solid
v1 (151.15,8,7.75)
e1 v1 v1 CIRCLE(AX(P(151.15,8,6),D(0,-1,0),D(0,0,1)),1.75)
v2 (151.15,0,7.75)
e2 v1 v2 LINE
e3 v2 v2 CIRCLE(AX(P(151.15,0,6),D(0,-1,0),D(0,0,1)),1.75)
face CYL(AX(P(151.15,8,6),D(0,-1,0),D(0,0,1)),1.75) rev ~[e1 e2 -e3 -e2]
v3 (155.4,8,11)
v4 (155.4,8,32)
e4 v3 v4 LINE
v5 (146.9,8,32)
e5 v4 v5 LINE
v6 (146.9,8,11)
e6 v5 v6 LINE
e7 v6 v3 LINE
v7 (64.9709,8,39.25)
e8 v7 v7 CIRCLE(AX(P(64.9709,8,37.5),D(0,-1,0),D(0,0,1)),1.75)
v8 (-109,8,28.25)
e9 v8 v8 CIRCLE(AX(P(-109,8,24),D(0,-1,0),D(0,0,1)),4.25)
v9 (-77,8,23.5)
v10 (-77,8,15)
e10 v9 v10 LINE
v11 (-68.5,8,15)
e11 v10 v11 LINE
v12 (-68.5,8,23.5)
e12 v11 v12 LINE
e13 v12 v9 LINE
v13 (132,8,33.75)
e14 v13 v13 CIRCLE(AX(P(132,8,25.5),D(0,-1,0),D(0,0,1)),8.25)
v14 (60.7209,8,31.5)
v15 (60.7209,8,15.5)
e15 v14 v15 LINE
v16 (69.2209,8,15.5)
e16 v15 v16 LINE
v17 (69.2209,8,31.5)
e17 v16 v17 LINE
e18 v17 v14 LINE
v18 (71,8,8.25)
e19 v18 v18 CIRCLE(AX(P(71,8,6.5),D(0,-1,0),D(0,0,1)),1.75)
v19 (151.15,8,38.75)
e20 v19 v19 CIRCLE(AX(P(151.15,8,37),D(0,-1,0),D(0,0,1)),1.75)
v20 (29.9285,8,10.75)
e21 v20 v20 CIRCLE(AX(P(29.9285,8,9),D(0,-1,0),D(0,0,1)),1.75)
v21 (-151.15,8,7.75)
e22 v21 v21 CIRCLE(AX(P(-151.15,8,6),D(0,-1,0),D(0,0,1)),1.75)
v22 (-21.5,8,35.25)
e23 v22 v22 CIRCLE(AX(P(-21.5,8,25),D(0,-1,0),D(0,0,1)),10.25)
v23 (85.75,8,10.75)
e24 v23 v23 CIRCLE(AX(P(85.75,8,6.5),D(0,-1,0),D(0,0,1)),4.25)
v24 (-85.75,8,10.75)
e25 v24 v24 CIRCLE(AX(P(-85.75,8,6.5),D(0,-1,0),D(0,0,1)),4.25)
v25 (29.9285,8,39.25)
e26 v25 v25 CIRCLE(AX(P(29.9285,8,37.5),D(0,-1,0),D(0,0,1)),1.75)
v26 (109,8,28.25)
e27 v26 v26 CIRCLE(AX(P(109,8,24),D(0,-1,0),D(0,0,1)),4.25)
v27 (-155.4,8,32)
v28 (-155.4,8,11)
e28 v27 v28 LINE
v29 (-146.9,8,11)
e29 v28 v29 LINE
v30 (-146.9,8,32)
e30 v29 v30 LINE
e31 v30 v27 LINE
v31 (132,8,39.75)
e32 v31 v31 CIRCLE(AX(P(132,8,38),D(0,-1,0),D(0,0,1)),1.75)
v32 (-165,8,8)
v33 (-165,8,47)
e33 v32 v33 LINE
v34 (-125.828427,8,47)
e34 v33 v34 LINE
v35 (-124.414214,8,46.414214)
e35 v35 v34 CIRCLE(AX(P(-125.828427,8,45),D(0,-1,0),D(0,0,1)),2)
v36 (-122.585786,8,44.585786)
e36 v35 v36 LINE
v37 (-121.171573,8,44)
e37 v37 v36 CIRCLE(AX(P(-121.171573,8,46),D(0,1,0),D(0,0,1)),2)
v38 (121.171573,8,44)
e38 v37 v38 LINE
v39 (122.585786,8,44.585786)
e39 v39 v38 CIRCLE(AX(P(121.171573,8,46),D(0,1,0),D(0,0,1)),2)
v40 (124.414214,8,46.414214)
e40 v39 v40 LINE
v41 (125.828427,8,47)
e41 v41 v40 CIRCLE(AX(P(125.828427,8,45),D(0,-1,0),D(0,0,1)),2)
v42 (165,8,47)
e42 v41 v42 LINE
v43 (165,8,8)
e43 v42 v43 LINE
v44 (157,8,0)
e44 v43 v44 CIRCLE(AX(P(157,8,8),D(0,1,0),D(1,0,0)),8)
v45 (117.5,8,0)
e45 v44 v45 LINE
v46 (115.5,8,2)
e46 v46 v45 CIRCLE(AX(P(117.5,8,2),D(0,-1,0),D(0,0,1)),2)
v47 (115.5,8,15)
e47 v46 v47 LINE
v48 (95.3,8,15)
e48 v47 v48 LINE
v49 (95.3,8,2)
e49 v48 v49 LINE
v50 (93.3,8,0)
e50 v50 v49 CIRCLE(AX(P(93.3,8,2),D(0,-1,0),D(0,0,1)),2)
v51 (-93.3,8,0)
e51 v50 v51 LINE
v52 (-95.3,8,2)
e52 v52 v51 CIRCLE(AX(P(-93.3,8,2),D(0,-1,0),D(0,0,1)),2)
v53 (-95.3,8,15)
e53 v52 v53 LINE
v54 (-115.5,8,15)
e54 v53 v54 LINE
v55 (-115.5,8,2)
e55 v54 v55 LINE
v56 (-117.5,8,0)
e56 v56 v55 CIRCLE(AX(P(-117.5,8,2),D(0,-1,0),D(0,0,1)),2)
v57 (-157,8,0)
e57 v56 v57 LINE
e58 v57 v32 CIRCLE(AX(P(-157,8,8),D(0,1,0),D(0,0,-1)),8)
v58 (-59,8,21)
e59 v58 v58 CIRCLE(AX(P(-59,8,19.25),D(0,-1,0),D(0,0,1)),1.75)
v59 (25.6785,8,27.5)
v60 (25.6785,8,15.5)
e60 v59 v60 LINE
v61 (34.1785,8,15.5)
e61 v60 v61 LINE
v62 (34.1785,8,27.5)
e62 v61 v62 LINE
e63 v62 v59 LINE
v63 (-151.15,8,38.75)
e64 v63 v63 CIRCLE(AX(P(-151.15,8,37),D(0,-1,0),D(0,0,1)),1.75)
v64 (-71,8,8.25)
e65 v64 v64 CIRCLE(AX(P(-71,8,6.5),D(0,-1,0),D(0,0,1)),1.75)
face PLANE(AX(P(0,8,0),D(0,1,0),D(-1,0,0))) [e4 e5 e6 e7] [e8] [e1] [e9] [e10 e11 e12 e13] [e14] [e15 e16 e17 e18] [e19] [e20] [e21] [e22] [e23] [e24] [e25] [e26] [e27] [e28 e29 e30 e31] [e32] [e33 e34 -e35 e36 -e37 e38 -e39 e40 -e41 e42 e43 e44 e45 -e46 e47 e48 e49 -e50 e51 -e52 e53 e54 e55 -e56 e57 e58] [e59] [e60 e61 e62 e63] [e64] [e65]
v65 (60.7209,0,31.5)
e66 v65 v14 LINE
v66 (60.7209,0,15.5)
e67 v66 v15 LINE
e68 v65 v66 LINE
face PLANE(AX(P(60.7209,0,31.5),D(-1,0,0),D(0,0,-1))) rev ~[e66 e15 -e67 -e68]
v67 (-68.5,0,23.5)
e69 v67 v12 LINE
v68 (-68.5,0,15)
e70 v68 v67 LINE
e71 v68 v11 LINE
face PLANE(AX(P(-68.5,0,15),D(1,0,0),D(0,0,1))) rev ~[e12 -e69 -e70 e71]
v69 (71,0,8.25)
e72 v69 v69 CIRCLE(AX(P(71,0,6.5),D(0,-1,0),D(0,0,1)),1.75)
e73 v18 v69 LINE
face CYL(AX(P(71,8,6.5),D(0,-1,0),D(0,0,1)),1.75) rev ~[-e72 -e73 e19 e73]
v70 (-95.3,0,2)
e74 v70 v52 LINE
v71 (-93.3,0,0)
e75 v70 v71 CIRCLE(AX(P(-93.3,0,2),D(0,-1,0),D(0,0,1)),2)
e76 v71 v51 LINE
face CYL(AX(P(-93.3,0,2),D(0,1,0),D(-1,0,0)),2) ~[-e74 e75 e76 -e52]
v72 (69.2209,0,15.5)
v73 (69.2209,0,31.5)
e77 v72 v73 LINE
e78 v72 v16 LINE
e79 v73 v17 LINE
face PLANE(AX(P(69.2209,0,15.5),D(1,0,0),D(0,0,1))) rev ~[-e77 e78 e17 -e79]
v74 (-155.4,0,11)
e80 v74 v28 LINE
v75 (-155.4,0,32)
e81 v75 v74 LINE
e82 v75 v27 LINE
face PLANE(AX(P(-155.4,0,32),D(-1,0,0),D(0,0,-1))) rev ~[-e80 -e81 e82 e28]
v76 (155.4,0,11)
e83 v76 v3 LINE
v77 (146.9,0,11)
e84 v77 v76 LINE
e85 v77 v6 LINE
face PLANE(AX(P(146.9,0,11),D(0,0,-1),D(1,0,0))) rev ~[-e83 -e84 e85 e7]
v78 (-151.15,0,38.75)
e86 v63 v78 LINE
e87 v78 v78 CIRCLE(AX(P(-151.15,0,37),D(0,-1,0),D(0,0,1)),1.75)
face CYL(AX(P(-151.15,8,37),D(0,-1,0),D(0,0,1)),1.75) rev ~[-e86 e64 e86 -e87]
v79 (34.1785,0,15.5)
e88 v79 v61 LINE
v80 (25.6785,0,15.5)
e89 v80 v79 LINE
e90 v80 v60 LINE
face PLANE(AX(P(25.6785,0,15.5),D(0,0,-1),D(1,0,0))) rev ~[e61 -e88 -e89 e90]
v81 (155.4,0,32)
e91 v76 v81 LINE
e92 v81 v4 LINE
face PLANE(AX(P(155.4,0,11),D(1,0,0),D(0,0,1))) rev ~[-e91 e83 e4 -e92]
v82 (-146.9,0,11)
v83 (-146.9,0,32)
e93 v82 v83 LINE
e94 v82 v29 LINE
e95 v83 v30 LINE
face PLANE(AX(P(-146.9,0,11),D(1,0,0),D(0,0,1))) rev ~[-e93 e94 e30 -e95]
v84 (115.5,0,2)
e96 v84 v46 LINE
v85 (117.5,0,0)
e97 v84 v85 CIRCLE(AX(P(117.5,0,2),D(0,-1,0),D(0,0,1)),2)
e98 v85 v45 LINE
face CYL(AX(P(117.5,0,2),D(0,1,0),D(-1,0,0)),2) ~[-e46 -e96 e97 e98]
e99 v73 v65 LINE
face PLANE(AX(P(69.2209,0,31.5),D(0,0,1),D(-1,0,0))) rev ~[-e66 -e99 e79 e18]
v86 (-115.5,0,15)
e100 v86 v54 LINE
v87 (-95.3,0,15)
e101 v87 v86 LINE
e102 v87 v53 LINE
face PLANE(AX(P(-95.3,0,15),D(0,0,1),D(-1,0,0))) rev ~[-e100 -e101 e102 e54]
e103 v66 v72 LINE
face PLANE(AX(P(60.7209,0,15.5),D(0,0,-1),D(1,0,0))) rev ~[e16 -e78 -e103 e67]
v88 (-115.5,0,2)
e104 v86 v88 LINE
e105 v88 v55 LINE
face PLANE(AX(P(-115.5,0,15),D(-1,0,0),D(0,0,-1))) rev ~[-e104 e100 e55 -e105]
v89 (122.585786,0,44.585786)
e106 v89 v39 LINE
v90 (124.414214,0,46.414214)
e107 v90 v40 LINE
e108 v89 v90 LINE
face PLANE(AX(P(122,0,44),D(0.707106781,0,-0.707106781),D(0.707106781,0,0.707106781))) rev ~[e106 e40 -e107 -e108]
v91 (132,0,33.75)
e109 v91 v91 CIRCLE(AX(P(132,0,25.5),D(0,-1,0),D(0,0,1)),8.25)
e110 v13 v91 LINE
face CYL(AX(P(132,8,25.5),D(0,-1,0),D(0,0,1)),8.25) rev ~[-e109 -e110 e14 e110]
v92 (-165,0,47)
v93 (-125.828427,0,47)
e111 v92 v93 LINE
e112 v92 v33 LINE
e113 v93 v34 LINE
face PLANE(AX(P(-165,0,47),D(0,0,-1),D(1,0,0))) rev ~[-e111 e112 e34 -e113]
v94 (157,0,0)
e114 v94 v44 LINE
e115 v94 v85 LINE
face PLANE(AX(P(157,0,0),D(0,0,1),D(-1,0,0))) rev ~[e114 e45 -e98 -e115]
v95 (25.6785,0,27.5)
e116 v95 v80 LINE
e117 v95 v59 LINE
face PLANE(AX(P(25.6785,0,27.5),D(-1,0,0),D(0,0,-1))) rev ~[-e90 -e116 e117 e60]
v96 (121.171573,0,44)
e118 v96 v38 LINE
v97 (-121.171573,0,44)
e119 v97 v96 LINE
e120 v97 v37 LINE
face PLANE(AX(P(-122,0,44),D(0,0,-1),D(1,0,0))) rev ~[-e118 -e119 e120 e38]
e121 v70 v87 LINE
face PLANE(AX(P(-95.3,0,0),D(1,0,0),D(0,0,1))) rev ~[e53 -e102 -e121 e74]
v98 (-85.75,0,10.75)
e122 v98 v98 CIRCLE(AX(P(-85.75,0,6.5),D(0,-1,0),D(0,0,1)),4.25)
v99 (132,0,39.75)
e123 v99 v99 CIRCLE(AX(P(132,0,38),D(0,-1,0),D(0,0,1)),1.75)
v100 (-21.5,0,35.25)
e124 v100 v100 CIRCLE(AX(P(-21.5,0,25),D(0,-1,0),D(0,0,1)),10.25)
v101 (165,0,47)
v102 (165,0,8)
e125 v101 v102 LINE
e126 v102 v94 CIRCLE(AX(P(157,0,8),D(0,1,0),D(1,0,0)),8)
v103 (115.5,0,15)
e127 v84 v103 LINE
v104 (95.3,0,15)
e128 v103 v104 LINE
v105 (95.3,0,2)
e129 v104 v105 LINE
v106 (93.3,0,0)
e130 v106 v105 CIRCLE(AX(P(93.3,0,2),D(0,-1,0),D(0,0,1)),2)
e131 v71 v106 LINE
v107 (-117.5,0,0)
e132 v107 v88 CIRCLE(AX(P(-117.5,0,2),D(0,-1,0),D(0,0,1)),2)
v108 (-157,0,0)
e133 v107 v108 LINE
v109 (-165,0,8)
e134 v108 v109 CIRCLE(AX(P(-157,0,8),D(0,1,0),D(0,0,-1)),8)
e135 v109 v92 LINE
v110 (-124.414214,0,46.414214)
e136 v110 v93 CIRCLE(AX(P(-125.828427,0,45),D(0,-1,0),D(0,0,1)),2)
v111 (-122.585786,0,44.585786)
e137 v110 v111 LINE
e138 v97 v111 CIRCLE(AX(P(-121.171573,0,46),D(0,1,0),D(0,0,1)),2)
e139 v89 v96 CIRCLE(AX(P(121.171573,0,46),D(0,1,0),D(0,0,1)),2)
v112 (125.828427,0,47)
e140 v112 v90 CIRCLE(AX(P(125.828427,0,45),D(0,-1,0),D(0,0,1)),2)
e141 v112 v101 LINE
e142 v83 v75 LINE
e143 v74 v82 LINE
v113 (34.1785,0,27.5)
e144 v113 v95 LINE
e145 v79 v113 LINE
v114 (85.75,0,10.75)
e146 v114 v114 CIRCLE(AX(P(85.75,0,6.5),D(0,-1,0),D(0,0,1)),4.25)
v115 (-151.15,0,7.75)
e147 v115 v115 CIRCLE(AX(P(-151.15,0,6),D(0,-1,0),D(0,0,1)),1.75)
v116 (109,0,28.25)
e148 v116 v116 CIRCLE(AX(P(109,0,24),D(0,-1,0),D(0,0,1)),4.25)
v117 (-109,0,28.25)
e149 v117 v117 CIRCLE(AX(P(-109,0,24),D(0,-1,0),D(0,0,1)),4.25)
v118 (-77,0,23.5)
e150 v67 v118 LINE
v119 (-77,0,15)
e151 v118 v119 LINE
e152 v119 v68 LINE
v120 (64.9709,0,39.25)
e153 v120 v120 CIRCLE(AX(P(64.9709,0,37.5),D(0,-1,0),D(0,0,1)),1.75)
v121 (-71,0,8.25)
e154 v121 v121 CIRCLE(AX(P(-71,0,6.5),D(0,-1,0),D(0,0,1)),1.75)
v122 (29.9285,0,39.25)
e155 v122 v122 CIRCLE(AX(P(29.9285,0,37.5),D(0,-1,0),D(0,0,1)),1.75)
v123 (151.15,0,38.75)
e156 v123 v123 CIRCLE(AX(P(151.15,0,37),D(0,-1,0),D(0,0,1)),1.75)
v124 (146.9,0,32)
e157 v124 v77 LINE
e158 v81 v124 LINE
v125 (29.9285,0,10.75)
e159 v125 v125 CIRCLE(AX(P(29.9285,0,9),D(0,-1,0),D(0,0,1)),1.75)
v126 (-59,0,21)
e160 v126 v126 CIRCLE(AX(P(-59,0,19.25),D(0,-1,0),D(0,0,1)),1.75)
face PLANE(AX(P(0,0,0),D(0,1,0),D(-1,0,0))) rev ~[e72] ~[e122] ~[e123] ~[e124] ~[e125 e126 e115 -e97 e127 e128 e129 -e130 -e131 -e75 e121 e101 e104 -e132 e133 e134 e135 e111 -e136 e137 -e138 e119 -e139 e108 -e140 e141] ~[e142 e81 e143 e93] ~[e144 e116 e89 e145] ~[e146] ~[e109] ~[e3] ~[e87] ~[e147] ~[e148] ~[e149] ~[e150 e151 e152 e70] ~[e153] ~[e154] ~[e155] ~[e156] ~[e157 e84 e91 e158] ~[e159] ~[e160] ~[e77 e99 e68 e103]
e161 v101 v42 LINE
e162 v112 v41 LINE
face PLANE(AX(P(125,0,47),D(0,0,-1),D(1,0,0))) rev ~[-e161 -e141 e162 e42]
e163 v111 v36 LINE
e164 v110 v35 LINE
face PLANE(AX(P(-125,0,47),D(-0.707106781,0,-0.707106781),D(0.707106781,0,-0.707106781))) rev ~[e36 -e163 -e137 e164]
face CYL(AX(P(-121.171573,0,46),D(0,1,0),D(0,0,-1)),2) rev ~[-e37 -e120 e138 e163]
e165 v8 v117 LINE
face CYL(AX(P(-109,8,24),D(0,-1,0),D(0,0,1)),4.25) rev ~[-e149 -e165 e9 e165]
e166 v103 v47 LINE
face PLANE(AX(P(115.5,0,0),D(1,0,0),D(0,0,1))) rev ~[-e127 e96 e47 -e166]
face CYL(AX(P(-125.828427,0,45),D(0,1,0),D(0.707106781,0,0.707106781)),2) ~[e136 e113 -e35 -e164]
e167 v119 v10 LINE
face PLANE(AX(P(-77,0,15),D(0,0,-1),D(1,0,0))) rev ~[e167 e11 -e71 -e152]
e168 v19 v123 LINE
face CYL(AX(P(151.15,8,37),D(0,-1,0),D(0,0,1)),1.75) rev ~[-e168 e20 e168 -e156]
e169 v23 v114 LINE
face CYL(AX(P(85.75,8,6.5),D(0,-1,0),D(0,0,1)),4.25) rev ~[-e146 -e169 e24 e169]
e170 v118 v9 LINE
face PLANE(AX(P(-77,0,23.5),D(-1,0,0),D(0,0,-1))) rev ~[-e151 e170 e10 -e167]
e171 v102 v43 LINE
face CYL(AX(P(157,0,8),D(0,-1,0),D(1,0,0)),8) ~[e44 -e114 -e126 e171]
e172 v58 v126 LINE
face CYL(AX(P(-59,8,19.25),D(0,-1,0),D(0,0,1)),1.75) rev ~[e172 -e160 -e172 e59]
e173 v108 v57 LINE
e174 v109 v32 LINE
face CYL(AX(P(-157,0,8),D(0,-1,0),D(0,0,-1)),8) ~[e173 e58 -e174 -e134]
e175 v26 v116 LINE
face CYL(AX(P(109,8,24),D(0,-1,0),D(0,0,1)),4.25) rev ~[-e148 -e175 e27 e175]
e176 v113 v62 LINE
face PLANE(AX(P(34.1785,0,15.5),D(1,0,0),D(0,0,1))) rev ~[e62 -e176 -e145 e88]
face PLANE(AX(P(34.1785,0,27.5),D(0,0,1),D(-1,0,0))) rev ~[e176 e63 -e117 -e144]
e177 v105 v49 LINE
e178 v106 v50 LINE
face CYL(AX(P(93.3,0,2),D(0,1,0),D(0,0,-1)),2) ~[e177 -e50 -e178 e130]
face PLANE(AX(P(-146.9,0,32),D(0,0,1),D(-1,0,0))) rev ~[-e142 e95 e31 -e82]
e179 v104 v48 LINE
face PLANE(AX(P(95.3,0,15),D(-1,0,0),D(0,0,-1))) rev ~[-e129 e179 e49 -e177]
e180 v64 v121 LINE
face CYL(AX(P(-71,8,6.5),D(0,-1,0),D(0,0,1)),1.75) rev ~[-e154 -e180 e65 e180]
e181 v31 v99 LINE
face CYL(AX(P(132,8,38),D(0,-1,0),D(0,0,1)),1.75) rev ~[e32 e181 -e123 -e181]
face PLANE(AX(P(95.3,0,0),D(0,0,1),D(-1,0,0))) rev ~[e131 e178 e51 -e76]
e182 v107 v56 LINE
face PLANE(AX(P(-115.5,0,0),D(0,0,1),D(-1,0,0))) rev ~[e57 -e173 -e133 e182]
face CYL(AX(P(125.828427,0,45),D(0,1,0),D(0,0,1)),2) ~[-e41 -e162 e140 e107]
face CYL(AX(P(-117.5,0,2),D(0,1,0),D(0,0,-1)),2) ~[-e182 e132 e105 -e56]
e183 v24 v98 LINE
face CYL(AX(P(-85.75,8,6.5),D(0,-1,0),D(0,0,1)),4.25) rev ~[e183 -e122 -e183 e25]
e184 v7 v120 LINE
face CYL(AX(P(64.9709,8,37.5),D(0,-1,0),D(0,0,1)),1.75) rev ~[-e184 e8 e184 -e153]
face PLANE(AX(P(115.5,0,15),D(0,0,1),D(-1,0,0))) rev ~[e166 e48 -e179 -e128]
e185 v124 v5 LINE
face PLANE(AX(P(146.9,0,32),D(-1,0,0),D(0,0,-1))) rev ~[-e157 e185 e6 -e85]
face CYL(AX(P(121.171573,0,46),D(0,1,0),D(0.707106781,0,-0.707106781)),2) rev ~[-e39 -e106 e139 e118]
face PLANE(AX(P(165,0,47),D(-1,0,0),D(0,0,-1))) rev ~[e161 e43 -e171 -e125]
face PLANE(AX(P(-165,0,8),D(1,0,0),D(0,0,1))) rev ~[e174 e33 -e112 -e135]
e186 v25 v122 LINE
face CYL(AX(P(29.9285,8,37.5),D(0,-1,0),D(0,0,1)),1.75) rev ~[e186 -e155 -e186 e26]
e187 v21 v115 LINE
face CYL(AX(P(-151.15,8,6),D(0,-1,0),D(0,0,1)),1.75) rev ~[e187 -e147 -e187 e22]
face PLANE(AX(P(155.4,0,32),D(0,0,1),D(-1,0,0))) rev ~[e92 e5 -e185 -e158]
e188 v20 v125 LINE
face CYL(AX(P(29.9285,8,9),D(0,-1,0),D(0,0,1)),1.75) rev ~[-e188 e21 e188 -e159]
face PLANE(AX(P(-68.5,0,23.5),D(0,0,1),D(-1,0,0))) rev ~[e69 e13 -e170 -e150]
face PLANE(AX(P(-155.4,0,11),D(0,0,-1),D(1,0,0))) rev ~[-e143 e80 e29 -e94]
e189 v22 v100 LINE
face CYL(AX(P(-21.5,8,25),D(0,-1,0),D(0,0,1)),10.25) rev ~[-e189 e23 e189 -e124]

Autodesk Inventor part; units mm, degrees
sketch "Sketch1" plane through (0, 0, 0) normal (0, 1, 0) x (-1, 0, 0)
  line L0 (-165, 47) -> (-165, 8)
  line L1 (165, 8) -> (165, 47)
  line L2 (-78, 0) -> (95.3, 0)
  line L3 (95.3, 0) -> (95.3, 15)
  line L4 (95.3, 15) -> (115.5, 15)
  line L5 (115.5, 15) -> (115.5, 0)
  line L6 (-115.5, 0) -> (-115.5, 15)
  line L7 (-115.5, 15) -> (-95.3, 15)
  line L8 (-95.3, 15) -> (-95.3, 0)
  line L9 (125, 47) -> (122, 44)
  line L10 (122, 44) -> (-122, 44)
  line L11 (-122, 44) -> (-125, 47)
  line L12 (0, 0) -> (0, 44) construction
  line L13 (165, 47) -> (125, 47)
  line L14 (-125, 47) -> (-165, 47)
  line L15 (115.5, 0) -> (157, 0)
  line L16 (-157, 0) -> (-115.5, 0)
  line L17 (-95.3, 0) -> (95.3, 0)
  line L18 (155.4, 11) -> (146.9, 11)
  line L19 (146.9, 11) -> (146.9, 32)
  line L20 (146.9, 32) -> (155.4, 32)
  line L21 (155.4, 32) -> (155.4, 11)
  line L22 (-146.9, 11) -> (-155.4, 11)
  line L23 (-155.4, 11) -> (-155.4, 32)
  line L24 (-155.4, 32) -> (-146.9, 32)
  line L25 (-146.9, 32) -> (-146.9, 11)
  line L26 (77, 15) -> (68.5, 15)
  line L27 (68.5, 15) -> (68.5, 23.5)
  line L28 (68.5, 23.5) -> (77, 23.5)
  line L29 (77, 23.5) -> (77, 15)
  line L30 (-25.6785, 15.5) -> (-34.1785, 15.5)
  line L31 (-34.1785, 15.5) -> (-34.1785, 27.5)
  line L32 (-34.1785, 27.5) -> (-25.6785, 27.5)
  line L33 (-25.6785, 27.5) -> (-25.6785, 15.5)
  line L34 (-60.7209, 15.5) -> (-69.2209, 15.5)
  line L35 (-69.2209, 15.5) -> (-69.2209, 31.5)
  line L36 (-69.2209, 31.5) -> (-60.7209, 31.5)
  line L37 (-60.7209, 31.5) -> (-60.7209, 15.5)
  arc A0 (157, 0) -> (165, 8) centre (157, 8) ccw
  arc A1 (-165, 8) -> (-157, 0) centre (-157, 8) ccw
  dimension "d0" = 330
  dimension "d1" = 47
  dimension "d2" = 45
  dimension "d3" = 3
  dimension "d4" = 40
  dimension "d5" = 49.5
  dimension "d6" = 20.2
  dimension "d8" = 15
  dimension "d9" = 11
  dimension "d10" = 9.6
  dimension "d11" = 8.5
  dimension "d12" = 21
  dimension "d13" = 8.5
  dimension "d14" = 8.5
  dimension "d15" = 8.5
  dimension "d16" = 12
  dimension "d17" = 8.5
  dimension "d18" = 16
  dimension "d19" = 95.7791
  dimension "d20" = 130.8215
  dimension "d21" = 88
  dimension "d22" = 15
  dimension "d23" = 15.5
  dimension "d24" = 15.5
  dimension "d25" = 8
extrude "Extrusion1" add sketch "Sketch1" along normal blind 8
fillet "Fillet1" radius 2 8 edges at (-115.5, 4, 0) (-95.3, 4, 0) (95.3, 4, 0) (115.5, 4, 0) (-125, 4, 47) (-122, 4, 44) (122, 4, 44) (125, 4, 47)
sketch "Sketch2" plane through (0, 8, 0) normal (0, 1, 0) x (1, 0, 0)
  arc A0 (124.4142, -46.4142) -> (125.8284, -47) centre (125.8284, -45) ccw construction
  line L0 (125.8284, -47) -> (165, -47) construction
  line L1 (165, -47) -> (165, -8) construction
  arc A1 (165, -8) -> (157, 0) centre (157, -8) ccw construction
  line L2 (157, 0) -> (117.5, 0) construction
  arc A2 (117.5, 0) -> (115.5, -2) centre (117.5, -2) ccw construction
  line L3 (115.5, -2) -> (115.5, -15) construction
  line L4 (115.5, -15) -> (95.3, -15) construction
  line L5 (95.3, -15) -> (95.3, -2) construction
  arc A3 (95.3, -2) -> (93.3, 0) centre (93.3, -2) ccw construction
  line L6 (93.3, 0) -> (-93.3, 0) construction
  arc A4 (-93.3, 0) -> (-95.3, -2) centre (-93.3, -2) ccw construction
  line L7 (-95.3, -2) -> (-95.3, -15) construction
  line L8 (-95.3, -15) -> (-115.5, -15) construction
  line L9 (-115.5, -15) -> (-115.5, -2) construction
  arc A5 (-115.5, -2) -> (-117.5, 0) centre (-117.5, -2) ccw construction
  line L10 (-117.5, 0) -> (-157, 0) construction
  arc A6 (-157, 0) -> (-165, -8) centre (-157, -8) ccw construction
  line L11 (-165, -8) -> (-165, -47) construction
  line L12 (-165, -47) -> (-125.8284, -47) construction
  arc A7 (-125.8284, -47) -> (-124.4142, -46.4142) centre (-125.8284, -45) ccw construction
  line L13 (-124.4142, -46.4142) -> (-122.5858, -44.5858) construction
  arc A8 (-121.1716, -44) -> (-122.5858, -44.5858) centre (-121.1716, -46) ccw construction
  line L14 (-121.1716, -44) -> (121.1716, -44) construction
  arc A9 (122.5858, -44.5858) -> (121.1716, -44) centre (121.1716, -46) ccw construction
  line L15 (122.5858, -44.5858) -> (124.4142, -46.4142) construction
  line L16 (155.4, -11) -> (155.4, -32) construction
  line L17 (155.4, -32) -> (146.9, -32) construction
  line L18 (146.9, -32) -> (146.9, -11) construction
  line L19 (146.9, -11) -> (155.4, -11) construction
  line L20 (-146.9, -11) -> (-146.9, -32) construction
  line L21 (-146.9, -32) -> (-155.4, -32) construction
  line L22 (-155.4, -32) -> (-155.4, -11) construction
  line L23 (-155.4, -11) -> (-146.9, -11) construction
  line L24 (69.2209, -15.5) -> (69.2209, -31.5) construction
  line L25 (69.2209, -31.5) -> (60.7209, -31.5) construction
  line L26 (60.7209, -31.5) -> (60.7209, -15.5) construction
  line L27 (60.7209, -15.5) -> (69.2209, -15.5) construction
  line L28 (34.1785, -15.5) -> (34.1785, -27.5) construction
  line L29 (34.1785, -27.5) -> (25.6785, -27.5) construction
  line L30 (25.6785, -27.5) -> (25.6785, -15.5) construction
  line L31 (25.6785, -15.5) -> (34.1785, -15.5) construction
  line L32 (-68.5, -15) -> (-68.5, -23.5) construction
  line L33 (-68.5, -23.5) -> (-77, -23.5) construction
  line L34 (-77, -23.5) -> (-77, -15) construction
  line L35 (-77, -15) -> (-68.5, -15) construction
  line L36 (-165, -47) -> (-125.8284, -47) construction
  line L37 (-151.15, -47) -> (-151.15, 0) construction
  line L38 (151.15, 0) -> (151.15, -47) construction
  line L39 (29.9285, -9) -> (29.9285, -37.5) construction
  line L40 (64.9709, -15.5) -> (64.9709, -37.5) construction
  line L41 (-77, -23.5) -> (-77, -15) construction
  line L42 (-77, -19.25) -> (-59, -19.25) construction
  point P0 (0, 0)
  point P1 (-151.15, -11)
  point P2 (151.15, -11)
  point P3 (151.15, -6)
  point P4 (151.15, -37)
  point P5 (-151.15, -6)
  point P6 (-151.15, -37)
  point P7 (71, -6.5)
  point P8 (85.75, -6.5)
  point P9 (109, -24)
  point P10 (132, -38)
  point P11 (132, -25.5)
  point P12 (-85.75, -6.5)
  point P13 (-71, -6.5)
  point P14 (-109, -24)
  point P15 (29.9285, -27.5)
  point P16 (29.9285, -15.5)
  point P17 (-21.5, -25)
  dimension "d29" = 5
  dimension "d30" = 5
  dimension "d31" = 5
  dimension "d32" = 5
  dimension "d33" = 6.5
  dimension "d34" = 10
  dimension "d35" = 6
  dimension "d36" = 6.5
  dimension "d37" = 33
  dimension "d38" = 9
  dimension "d39" = 21.5
  dimension "d40" = 79.25
  dimension "d41" = 94
  dimension "d42" = 94
  dimension "d43" = 79.25
  dimension "d44" = 9.5
  dimension "d45" = 56
  dimension "d46" = 56
  dimension "d47" = 24
  dimension "d48" = 24
  dimension "d56" = 143.5
  dimension "d57" = 25
hole "Hole1" at (151.15, 8, 6) at (151.15, 8, 37) at (-151.15, 8, 6) at (-151.15, 8, 37) at (29.9285, 8, 9) at (29.9285, 8, 37.5) at (64.9709, 8, 37.5) at (71, 8, 6.5) at (132, 8, 38) at (-71, 8, 6.5) at (-59, 8, 19.25) direction (0, -1, 0) diameter 3.5 end through all
hole "Hole2" at (85.75, 8, 6.5) at (109, 8, 24) at (-85.75, 8, 6.5) at (-109, 8, 24) direction (0, -1, 0) diameter 8.5 end through all
hole "Hole3" at (-21.5, 8, 25) direction (0, -1, 0) diameter 20.5 end through all
hole "Hole4" at (132, 8, 25.5) direction (0, -1, 0) diameter 16.5 end through all
ref_plane "Work Plane1" through (-165, 8, 47) normal (0, 0, 1) x (1, 0, 0)
ref_plane "Work Plane2" through (29.9285, 8, 9) normal (-1, 0, 0) x (0, 0, 1)
ref_plane "Work Plane3" through (64.9709, 8, 15.5) normal (-1, 0, 0) x (0, 0, 1)
equation "\"d30\" = d29"
equation "\"d31\" = d29"
equation "\"d32\" = d31"
equation "\"d42\" = d41"
equation "\"d43\" = d40"
equation "\"d46\" = d45"
equation "\"d48\" = d47"
properties part number "A8-0009"
